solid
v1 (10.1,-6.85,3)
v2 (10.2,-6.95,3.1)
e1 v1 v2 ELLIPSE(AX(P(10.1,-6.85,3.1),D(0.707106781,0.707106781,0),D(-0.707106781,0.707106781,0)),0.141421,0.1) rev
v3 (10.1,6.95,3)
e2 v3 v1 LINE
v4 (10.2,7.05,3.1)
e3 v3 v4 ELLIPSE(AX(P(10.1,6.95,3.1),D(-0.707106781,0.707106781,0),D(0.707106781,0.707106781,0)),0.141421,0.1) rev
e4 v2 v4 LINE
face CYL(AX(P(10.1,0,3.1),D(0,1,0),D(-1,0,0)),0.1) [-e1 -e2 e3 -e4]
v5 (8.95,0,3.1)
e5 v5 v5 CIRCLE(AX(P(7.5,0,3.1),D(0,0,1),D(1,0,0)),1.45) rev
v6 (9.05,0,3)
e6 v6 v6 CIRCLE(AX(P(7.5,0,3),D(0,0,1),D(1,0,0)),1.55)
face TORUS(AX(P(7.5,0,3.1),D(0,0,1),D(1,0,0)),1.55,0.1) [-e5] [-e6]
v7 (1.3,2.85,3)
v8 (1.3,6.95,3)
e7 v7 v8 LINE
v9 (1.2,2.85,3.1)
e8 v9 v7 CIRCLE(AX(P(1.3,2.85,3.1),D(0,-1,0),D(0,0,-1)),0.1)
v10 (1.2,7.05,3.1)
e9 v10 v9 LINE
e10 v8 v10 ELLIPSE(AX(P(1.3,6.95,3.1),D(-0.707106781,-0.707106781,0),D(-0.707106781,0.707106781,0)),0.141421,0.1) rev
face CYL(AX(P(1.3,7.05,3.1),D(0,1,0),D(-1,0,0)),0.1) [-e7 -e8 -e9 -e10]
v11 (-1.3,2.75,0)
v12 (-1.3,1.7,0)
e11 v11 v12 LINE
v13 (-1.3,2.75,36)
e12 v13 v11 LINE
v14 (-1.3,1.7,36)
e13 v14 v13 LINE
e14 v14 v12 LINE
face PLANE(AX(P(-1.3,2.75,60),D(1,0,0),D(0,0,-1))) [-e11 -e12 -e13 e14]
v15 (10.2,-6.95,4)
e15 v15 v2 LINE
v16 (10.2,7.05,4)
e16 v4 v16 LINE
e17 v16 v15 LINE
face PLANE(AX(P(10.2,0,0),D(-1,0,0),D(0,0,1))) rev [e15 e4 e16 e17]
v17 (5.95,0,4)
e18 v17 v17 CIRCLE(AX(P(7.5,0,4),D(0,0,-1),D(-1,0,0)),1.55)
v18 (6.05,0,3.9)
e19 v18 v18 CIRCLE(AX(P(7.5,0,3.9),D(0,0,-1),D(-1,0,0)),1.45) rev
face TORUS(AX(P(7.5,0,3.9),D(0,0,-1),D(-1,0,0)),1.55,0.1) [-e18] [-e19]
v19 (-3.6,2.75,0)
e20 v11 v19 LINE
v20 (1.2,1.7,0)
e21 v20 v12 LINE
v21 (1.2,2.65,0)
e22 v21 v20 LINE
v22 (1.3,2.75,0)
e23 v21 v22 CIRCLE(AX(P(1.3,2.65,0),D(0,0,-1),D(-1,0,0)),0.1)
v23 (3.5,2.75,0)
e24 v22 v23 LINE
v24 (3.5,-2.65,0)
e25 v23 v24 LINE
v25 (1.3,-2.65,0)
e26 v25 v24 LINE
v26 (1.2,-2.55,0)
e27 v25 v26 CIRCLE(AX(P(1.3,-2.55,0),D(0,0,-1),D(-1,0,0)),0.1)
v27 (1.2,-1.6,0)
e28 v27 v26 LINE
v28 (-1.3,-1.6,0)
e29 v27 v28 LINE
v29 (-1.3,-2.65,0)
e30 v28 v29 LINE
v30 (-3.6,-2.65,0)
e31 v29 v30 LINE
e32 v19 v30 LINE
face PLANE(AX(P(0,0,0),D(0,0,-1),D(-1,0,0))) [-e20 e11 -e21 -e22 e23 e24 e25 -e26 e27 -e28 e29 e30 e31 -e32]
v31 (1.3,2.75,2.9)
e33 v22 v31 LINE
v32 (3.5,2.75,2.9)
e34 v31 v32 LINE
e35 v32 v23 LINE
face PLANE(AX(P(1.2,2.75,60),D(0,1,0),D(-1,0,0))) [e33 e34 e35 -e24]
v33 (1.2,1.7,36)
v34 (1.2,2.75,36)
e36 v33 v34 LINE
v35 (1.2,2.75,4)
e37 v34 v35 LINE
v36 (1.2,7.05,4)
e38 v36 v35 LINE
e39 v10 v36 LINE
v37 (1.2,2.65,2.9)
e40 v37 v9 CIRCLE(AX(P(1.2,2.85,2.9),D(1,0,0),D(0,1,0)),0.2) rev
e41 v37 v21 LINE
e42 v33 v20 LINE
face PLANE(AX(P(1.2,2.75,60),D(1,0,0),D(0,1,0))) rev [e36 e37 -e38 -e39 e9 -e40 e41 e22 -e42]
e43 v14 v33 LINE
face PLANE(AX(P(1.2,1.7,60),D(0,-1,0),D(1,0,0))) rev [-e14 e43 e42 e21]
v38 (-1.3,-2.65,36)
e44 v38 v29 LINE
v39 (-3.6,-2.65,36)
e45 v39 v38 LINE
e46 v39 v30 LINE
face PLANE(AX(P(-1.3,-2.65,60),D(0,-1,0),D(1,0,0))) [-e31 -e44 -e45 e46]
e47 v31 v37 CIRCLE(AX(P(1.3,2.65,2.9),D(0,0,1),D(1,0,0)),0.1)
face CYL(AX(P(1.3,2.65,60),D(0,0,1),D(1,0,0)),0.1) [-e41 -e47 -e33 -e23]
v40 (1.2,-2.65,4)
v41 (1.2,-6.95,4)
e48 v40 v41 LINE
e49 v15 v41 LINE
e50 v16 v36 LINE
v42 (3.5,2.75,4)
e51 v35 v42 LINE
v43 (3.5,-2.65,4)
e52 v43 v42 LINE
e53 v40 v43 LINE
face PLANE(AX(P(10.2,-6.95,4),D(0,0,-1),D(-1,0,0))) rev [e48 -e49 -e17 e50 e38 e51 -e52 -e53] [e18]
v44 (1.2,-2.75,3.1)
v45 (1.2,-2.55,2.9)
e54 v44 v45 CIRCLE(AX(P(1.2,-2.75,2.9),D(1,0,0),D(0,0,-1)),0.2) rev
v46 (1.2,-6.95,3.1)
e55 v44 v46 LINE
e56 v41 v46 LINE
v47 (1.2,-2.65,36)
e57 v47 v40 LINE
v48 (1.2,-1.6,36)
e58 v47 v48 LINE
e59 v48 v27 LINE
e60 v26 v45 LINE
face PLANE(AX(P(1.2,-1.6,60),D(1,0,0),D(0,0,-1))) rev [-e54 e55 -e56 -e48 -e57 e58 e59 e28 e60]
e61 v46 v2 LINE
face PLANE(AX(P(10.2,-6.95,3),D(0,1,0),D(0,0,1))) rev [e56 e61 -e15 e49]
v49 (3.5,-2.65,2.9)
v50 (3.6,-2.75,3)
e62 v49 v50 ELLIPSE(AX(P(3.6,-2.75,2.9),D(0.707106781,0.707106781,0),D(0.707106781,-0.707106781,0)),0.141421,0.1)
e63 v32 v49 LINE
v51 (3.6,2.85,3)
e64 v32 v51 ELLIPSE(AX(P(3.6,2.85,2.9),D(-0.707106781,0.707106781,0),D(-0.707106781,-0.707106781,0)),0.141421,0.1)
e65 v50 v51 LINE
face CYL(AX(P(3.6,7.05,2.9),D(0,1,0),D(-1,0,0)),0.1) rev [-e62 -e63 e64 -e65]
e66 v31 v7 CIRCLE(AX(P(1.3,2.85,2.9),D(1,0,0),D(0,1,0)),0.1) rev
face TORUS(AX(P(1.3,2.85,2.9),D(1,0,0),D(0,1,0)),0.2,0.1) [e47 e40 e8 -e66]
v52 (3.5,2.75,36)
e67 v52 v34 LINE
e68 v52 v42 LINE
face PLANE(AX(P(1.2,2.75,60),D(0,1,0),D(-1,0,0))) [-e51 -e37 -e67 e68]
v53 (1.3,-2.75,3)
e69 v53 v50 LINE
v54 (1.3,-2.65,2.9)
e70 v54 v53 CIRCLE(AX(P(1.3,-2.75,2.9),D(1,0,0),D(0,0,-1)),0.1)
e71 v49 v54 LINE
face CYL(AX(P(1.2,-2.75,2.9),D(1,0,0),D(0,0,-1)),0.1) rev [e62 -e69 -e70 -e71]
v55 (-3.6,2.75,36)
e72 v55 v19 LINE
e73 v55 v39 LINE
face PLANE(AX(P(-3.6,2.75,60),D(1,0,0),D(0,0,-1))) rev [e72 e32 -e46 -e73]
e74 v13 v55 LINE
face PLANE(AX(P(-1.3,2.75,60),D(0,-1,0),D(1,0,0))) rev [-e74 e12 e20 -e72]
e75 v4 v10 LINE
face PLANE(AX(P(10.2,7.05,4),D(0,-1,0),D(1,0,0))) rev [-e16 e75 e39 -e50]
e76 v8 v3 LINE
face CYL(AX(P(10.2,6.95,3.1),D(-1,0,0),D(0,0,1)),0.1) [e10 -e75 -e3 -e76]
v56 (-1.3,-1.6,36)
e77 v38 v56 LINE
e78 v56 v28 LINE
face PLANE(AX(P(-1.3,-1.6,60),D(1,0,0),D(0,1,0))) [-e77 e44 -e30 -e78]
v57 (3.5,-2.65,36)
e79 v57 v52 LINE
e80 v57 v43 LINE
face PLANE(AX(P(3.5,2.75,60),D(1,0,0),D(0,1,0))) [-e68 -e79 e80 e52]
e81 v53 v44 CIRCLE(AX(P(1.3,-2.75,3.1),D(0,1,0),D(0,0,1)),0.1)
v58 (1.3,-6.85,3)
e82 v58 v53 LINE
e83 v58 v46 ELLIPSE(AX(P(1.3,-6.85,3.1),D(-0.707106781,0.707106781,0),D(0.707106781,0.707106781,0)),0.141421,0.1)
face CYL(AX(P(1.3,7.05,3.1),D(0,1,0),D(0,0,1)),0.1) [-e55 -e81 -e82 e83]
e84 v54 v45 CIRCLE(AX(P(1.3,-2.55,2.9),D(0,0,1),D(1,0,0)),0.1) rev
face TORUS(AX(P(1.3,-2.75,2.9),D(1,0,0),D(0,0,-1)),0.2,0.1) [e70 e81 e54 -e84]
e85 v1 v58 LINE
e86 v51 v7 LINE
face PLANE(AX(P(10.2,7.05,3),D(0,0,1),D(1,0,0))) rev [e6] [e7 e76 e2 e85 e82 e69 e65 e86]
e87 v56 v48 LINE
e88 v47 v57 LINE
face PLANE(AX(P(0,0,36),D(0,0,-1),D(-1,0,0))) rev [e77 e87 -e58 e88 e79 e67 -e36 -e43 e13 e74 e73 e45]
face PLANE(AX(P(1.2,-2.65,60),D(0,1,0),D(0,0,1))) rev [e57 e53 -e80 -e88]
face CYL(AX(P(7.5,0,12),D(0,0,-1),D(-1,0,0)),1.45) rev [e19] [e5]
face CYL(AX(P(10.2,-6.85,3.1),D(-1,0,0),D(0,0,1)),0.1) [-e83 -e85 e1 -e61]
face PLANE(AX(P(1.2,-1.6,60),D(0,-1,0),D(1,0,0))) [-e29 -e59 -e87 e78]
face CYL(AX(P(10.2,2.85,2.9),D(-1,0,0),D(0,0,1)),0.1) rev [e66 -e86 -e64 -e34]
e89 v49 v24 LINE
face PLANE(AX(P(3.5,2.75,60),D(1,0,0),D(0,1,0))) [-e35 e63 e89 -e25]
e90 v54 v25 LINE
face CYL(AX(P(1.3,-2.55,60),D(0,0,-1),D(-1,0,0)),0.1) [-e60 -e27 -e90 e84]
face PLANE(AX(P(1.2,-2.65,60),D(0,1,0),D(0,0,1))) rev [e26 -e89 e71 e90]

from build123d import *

# Parameters (mm, degrees)
BOSS_EXTRUDE1_DEPTH = 60
SKETCH2_W           = 2.3
SKETCH2_H           = 1
CUT_EXTRUDE1_DEPTH  = 10
SKETCH3_W           = 1
SKETCH3_H           = 14
BOSS_EXTRUDE2_DEPTH = 9
SKETCH4_R           = 1.45
CUT_EXTRUDE2_DEPTH  = 9
FILLET1_R           = 0.1
SKETCH5_W           = 7.1
SKETCH5_H           = 5.4
CUT_EXTRUDE3_DEPTH  = 24


with BuildPart() as part:
    # Sketch1 → Boss-Extrude1 (new body)
    with BuildSketch(Plane.XY):
        Polygon((-1.3, 2.75), (-3.6, 2.75), (-3.6, -2.65), (-1.3, -2.65), (-1.3, -1.6), (1.2, -1.6), (1.2, -2.65), (3.5, -2.65), (3.5, 2.75), (1.2, 2.75), (1.2, 1.7), (-1.3, 1.7), align=None)
    extrude(amount=BOSS_EXTRUDE1_DEPTH)

    # Sketch2 → Cut-Extrude1 (cut)
    with BuildSketch(Plane(origin=(0, 2.75, 0), x_dir=(1, 0, 0), z_dir=(0, 1, 0))):
        with Locations((2.35, -3.5)):
            Rectangle(SKETCH2_W, SKETCH2_H)
    extrude(amount=-CUT_EXTRUDE1_DEPTH, mode=Mode.SUBTRACT)

    # Sketch3 → Boss-Extrude2 (add)
    with BuildSketch(Plane(origin=(1.2, 0, 0), x_dir=(0, 0, -1), z_dir=(1, 0, 0))):
        with Locations((-3.5, 0.05)):
            Rectangle(SKETCH3_W, SKETCH3_H)
    extrude(amount=BOSS_EXTRUDE2_DEPTH)

    # Sketch4 → Cut-Extrude2 (cut)
    with BuildSketch(Plane(origin=(0, 0, 3), x_dir=(-1, 0, 0), z_dir=(0, 0, -1))):
        with Locations((-7.5, 0)):
            Circle(SKETCH4_R)
    extrude(amount=-CUT_EXTRUDE2_DEPTH, mode=Mode.SUBTRACT)

    # Fillet1
    fillet1_edges = [part.edges().sort_by_distance(p)[0] for p in [
        (1.2, 2.75, 1.5),
        (1.2, -2.65, 1.5),
        (3.5, 0.05, 3),
        (2.35, -2.65, 3),
        (2.35, 2.75, 3),
        (1.2, -4.8, 3),
        (1.2, 4.9, 3),
        (5.7, -6.95, 3),
        (5.7, 7.05, 3),
        (10.2, 0.05, 3),
        (8.95, 0, 4),
        (8.95, 0, 3),
    ]]
    fillet(fillet1_edges, radius=FILLET1_R)

    # Sketch5 → Cut-Extrude3 (cut)
    with BuildSketch(Plane.XY.offset(60)):
        with Locations((-0.05, 0.05)):
            Rectangle(SKETCH5_W, SKETCH5_H)
    extrude(amount=-CUT_EXTRUDE3_DEPTH, mode=Mode.SUBTRACT)


solid = part.part
